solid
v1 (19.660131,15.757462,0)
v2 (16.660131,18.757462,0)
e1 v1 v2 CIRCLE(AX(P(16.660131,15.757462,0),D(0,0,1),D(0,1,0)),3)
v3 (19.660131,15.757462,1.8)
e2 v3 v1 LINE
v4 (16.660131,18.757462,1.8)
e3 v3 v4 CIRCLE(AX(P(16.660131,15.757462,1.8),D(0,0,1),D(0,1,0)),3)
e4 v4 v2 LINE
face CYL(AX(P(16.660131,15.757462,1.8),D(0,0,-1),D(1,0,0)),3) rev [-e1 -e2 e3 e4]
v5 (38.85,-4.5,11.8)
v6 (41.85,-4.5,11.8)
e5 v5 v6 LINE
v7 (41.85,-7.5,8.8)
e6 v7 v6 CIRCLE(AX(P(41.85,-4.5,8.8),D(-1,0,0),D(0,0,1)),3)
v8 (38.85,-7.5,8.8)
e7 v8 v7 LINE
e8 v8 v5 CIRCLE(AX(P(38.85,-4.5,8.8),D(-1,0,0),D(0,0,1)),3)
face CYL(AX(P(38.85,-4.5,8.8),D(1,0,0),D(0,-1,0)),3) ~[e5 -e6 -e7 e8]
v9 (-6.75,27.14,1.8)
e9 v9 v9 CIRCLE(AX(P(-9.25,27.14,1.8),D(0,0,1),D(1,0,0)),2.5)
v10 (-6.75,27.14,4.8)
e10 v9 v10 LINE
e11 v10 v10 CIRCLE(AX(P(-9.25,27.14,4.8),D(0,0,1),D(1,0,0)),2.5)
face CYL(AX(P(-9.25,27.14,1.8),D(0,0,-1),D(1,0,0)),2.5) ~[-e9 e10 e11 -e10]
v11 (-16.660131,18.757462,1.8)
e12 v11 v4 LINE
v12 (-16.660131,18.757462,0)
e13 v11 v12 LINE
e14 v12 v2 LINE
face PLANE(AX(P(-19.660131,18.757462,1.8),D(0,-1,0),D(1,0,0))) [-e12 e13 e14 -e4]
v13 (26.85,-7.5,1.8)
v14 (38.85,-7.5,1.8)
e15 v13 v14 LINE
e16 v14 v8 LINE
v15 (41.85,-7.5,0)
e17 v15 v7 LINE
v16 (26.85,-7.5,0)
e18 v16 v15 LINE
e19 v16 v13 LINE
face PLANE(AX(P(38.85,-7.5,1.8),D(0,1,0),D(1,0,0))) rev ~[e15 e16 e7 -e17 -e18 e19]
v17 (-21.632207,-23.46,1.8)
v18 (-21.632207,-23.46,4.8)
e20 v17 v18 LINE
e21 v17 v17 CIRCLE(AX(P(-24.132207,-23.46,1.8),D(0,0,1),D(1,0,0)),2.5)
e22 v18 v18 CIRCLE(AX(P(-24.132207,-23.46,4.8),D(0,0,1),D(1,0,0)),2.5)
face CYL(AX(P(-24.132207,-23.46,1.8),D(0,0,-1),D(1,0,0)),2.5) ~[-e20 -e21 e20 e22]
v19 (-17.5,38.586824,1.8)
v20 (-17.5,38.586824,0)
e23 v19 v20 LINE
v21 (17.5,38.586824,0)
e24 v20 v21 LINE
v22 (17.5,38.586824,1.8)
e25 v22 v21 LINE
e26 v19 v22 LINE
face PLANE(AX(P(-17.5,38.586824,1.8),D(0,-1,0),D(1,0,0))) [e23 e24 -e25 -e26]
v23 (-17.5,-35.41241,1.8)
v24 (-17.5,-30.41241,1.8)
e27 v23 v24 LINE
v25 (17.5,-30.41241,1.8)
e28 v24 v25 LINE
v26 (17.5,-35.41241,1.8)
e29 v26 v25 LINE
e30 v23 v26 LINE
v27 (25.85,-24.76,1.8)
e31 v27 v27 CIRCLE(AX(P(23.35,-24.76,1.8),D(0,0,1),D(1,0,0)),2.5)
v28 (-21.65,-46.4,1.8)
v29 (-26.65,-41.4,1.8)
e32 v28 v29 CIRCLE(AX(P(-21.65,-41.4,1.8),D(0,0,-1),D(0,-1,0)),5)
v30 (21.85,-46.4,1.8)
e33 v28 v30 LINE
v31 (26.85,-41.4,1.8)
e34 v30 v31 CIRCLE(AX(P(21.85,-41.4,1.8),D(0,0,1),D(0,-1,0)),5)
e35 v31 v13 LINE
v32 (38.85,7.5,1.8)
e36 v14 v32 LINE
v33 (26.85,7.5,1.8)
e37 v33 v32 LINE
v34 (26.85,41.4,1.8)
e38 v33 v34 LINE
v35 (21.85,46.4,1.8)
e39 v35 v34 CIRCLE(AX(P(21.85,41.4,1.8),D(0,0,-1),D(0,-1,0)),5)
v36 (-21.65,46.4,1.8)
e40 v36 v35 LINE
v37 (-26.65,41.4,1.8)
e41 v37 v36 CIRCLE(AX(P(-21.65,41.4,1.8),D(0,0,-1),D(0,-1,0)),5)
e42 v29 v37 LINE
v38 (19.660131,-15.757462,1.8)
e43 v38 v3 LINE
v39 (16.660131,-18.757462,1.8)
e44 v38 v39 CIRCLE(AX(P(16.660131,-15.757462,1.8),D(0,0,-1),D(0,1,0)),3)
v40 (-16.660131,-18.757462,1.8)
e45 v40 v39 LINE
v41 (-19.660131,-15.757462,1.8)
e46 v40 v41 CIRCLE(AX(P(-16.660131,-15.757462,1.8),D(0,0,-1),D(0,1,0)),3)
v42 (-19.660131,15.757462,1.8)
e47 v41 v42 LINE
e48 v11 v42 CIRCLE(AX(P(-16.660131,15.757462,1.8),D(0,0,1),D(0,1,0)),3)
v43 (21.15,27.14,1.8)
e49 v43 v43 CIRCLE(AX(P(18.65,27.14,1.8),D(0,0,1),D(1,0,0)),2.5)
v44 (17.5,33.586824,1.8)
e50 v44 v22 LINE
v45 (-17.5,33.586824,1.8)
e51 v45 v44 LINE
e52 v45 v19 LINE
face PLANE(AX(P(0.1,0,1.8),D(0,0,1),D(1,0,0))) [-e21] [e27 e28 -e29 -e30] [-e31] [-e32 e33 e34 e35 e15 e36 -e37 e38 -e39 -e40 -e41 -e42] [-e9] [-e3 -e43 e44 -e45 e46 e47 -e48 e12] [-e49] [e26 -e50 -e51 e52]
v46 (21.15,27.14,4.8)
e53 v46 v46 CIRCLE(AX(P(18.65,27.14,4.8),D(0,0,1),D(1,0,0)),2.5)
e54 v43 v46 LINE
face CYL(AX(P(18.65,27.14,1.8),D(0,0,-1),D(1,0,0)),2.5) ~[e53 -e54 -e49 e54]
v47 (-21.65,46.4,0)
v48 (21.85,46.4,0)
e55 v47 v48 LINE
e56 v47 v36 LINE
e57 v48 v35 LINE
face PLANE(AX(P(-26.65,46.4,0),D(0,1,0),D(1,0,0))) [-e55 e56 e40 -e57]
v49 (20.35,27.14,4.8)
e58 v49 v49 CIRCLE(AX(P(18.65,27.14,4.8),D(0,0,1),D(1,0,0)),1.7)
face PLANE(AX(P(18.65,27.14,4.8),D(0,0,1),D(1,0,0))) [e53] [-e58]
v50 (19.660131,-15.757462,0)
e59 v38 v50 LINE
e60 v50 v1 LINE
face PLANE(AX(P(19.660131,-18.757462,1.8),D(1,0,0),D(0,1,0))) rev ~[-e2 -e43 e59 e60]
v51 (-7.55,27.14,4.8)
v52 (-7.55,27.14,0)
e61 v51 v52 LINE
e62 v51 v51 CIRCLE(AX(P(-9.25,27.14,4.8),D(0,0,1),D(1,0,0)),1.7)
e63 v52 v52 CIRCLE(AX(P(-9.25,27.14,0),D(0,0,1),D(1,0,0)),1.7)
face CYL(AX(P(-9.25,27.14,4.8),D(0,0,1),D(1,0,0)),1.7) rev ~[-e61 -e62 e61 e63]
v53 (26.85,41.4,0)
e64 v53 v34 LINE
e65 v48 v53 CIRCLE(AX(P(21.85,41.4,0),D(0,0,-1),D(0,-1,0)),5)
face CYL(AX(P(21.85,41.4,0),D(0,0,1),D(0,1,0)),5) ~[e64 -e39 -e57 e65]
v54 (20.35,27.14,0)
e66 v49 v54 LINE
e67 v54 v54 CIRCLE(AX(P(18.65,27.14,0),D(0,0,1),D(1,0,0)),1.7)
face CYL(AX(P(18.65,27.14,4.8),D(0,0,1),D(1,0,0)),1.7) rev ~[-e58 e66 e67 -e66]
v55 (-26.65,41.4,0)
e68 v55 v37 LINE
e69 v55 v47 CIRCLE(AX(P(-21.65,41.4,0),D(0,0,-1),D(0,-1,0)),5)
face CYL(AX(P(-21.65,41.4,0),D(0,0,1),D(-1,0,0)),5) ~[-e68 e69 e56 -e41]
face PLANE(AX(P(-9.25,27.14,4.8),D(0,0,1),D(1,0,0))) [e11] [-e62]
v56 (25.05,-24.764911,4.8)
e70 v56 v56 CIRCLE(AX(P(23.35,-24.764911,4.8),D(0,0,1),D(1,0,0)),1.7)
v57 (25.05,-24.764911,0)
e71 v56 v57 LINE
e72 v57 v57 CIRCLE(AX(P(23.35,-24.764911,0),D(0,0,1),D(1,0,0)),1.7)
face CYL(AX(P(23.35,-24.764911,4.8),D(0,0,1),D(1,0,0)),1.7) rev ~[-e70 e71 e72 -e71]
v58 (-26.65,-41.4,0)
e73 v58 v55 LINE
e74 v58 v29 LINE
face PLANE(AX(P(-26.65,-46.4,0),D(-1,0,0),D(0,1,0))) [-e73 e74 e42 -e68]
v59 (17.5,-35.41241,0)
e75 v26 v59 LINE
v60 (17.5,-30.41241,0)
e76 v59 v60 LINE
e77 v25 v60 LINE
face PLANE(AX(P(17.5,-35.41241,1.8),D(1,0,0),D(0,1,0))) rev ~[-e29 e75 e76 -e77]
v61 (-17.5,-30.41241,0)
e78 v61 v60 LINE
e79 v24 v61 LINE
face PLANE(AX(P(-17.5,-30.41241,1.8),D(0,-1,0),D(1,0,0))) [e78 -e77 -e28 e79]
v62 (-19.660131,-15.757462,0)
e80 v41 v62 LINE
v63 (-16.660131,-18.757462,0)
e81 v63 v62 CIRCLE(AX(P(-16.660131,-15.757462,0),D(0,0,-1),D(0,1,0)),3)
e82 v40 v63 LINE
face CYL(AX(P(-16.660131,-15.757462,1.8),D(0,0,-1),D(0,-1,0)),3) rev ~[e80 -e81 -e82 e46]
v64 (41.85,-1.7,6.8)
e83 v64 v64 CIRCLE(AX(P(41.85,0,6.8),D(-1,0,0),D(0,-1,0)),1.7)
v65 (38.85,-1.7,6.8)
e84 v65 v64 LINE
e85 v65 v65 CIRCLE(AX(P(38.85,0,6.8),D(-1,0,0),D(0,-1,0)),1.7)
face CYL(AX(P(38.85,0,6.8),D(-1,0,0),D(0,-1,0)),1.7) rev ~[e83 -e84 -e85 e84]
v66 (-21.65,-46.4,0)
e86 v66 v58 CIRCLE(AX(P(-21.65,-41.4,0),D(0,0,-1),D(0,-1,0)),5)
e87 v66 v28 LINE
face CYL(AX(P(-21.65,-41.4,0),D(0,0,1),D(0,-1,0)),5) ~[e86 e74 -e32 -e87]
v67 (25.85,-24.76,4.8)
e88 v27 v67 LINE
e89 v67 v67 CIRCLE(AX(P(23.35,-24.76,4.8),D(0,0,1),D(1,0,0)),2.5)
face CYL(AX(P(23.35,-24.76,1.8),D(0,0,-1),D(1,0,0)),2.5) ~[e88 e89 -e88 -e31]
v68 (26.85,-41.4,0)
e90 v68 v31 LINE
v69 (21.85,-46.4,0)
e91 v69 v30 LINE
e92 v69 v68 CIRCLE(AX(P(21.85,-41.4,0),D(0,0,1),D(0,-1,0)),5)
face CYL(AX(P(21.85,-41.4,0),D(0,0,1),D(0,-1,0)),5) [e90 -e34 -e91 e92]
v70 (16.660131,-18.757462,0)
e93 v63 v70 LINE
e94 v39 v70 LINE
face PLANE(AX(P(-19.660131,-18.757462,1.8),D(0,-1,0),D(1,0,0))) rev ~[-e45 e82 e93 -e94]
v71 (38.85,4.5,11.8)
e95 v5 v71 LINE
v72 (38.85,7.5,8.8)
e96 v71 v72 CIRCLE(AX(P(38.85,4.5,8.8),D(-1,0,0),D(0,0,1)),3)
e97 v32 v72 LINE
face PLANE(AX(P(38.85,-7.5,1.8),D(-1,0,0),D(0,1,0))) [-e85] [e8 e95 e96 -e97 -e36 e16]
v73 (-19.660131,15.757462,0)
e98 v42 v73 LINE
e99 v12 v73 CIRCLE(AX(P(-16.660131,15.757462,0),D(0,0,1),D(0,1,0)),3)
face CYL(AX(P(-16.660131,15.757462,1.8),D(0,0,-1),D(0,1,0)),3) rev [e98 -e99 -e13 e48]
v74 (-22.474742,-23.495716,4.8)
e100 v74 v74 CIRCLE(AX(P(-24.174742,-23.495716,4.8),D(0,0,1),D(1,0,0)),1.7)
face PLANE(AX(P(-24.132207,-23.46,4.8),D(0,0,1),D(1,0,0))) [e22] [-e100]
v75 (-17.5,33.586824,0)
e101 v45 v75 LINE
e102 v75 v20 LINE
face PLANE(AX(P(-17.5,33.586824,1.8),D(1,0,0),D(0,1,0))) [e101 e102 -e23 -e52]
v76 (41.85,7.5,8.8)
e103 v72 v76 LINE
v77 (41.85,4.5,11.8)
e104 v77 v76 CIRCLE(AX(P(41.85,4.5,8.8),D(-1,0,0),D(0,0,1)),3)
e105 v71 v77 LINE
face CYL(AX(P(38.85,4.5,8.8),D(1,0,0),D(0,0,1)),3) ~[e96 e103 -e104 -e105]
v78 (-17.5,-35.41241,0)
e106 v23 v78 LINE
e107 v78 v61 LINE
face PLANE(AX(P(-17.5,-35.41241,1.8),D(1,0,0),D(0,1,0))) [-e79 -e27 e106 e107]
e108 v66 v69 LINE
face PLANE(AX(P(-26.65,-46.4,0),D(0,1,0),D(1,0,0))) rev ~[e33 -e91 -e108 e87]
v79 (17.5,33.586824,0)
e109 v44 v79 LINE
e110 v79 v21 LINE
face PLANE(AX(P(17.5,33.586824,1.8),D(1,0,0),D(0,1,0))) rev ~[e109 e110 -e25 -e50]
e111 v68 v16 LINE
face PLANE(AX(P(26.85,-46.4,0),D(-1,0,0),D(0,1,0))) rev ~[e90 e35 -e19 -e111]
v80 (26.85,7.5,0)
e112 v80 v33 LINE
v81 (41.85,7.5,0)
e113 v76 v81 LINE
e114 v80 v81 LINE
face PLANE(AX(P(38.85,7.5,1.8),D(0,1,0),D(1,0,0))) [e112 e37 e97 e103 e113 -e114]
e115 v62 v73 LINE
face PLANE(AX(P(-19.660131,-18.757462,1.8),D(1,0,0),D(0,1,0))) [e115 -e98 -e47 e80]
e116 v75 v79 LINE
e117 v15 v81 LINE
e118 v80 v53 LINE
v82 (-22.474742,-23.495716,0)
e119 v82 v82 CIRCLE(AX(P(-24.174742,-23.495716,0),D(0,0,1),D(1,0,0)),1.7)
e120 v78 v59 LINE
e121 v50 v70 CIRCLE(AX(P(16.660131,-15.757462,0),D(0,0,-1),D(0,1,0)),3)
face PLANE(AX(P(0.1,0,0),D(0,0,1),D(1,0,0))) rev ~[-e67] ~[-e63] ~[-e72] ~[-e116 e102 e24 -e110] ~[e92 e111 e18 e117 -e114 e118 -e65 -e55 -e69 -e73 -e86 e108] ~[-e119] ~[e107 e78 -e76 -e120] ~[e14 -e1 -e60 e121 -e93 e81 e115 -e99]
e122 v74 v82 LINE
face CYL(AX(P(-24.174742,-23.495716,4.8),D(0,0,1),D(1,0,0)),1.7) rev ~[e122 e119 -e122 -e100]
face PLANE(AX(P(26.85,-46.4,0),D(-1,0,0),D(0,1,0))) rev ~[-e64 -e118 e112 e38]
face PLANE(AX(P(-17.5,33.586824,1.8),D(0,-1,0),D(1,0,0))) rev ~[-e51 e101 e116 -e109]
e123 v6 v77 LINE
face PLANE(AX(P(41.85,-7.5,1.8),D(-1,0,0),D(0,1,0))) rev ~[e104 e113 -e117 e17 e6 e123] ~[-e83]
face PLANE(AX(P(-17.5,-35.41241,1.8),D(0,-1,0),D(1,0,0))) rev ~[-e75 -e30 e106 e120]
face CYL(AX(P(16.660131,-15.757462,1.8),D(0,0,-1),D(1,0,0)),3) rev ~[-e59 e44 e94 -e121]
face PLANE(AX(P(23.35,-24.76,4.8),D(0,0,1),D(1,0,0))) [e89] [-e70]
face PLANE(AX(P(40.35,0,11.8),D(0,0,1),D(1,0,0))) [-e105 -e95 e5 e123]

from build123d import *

# Parameters (mm, degrees)
SKETCH_W        = 53.5
SKETCH_H        = 92.8
PAD_DEPTH       = 1.8
SKETCH001_R     = 2.5
PAD001_DEPTH    = 3
SKETCH002_R     = 1.7
POCKET_DEPTH    = 5
SKETCH003_W     = 15
SKETCH003_H     = 1.8
PAD002_DEPTH    = 15
SKETCH004_W     = 39.320262
SKETCH004_H     = 37.514924
POCKET001_DEPTH = 5
FILLET_R        = 5
FILLET001_R     = 5
SKETCH005_W     = 35
SKETCH005_H     = 5
POCKET002_DEPTH = 5
SKETCH006_W     = 3
SKETCH006_H     = 15
PAD003_DEPTH    = 10
SKETCH007_R     = 1.7
POCKET003_DEPTH = 5
FILLET002_R     = 5
FILLET003_R     = 5
FILLET004_R     = 3
FILLET005_R     = 3
FILLET006_R     = 3
FILLET007_R     = 3
FILLET008_R     = 3
FILLET009_R     = 3


with BuildPart() as part:
    # Sketch → Pad (new body)
    with BuildSketch(Plane.XY):
        with Locations((0.1, 0)):
            Rectangle(SKETCH_W, SKETCH_H)
    extrude(amount=PAD_DEPTH)

    # Sketch001 (on Face6 of Pad) → Pad001 (join)
    with BuildSketch(Plane.XY.offset(1.8)):
        with Locations((-9.25, 27.14)):
            Circle(SKETCH001_R)
        with Locations((18.65, 27.14)):
            Circle(SKETCH001_R)
        with Locations((-24.132207, -23.46)):
            Circle(SKETCH001_R)
        with Locations((23.35, -24.76)):
            Circle(SKETCH001_R)
    extrude(amount=PAD001_DEPTH)

    # Sketch002 (on Face12 of Pad001) → Pocket (cut)
    with BuildSketch(Plane.XY.offset(4.8)):
        with Locations((-24.174742, -23.495716)):
            Circle(SKETCH002_R)
        with Locations((-9.25, 27.14)):
            Circle(SKETCH002_R)
        with Locations((18.65, 27.14)):
            Circle(SKETCH002_R)
        with Locations((23.35, -24.764911)):
            Circle(SKETCH002_R)
    extrude(amount=-POCKET_DEPTH, mode=Mode.SUBTRACT)

    # Sketch003 (on Face3 of Pocket) → Pad002 (join)
    with BuildSketch(Plane.YZ.offset(26.85)):
        with Locations((0, 0.9)):
            Rectangle(SKETCH003_W, SKETCH003_H)
    extrude(amount=PAD002_DEPTH)

    # Sketch004 (on Face5 of Pad002) → Pocket001 (cut)
    with BuildSketch(Plane.XY.offset(1.8)):
        Rectangle(SKETCH004_W, SKETCH004_H)
    extrude(amount=-POCKET001_DEPTH, mode=Mode.SUBTRACT)

    # Fillet
    fillet_edges = [part.edges().sort_by_distance(p)[0] for p in [
        (-26.65, 46.4, 0.9),
    ]]
    fillet(fillet_edges, radius=FILLET_R)

    # Fillet001
    fillet001_edges = [part.edges().sort_by_distance(p)[0] for p in [
        (26.85, -46.4, 0.9),
    ]]
    fillet(fillet001_edges, radius=FILLET001_R)

    # Sketch005 → Pocket002 (cut)
    with BuildSketch(Plane.XY.offset(1.8)):
        with Locations((0, -32.91241)):
            Rectangle(SKETCH005_W, SKETCH005_H)
        with Locations((0, 36.086824)):
            Rectangle(SKETCH005_W, SKETCH005_H)
    extrude(amount=-POCKET002_DEPTH, mode=Mode.SUBTRACT)

    # Sketch006 (on Face18 of Pocket001) → Pad003 (join)
    with BuildSketch(Plane.XY.offset(1.8)):
        with Locations((40.35, 0)):
            Rectangle(SKETCH006_W, SKETCH006_H)
    extrude(amount=PAD003_DEPTH)

    # Sketch007 (on Face42 of Pad003) → Pocket003 (cut)
    with BuildSketch(Plane(origin=(38.85, 0, 0), x_dir=(0, -1, 0), z_dir=(-1, 0, 0))):
        with Locations((0, 6.8)):
            Circle(SKETCH007_R)
    extrude(amount=-POCKET003_DEPTH, mode=Mode.SUBTRACT)

    # Fillet002
    fillet002_edges = [part.edges().sort_by_distance(p)[0] for p in [
        (-26.65, -46.4, 0.9),
    ]]
    fillet(fillet002_edges, radius=FILLET002_R)

    # Fillet003
    fillet003_edges = [part.edges().sort_by_distance(p)[0] for p in [
        (26.85, 46.4, 0.9),
    ]]
    fillet(fillet003_edges, radius=FILLET003_R)

    # Fillet004
    fillet004_edges = [part.edges().sort_by_distance(p)[0] for p in [
        (40.35, -7.5, 11.8),
    ]]
    fillet(fillet004_edges, radius=FILLET004_R)

    # Fillet005
    fillet005_edges = [part.edges().sort_by_distance(p)[0] for p in [
        (40.35, 7.5, 11.8),
    ]]
    fillet(fillet005_edges, radius=FILLET005_R)

    # Fillet006
    fillet006_edges = [part.edges().sort_by_distance(p)[0] for p in [
        (19.660131, 18.757462, 0.9),
    ]]
    fillet(fillet006_edges, radius=FILLET006_R)

    # Fillet007
    fillet007_edges = [part.edges().sort_by_distance(p)[0] for p in [
        (-19.660131, 18.757462, 0.9),
    ]]
    fillet(fillet007_edges, radius=FILLET007_R)

    # Fillet008
    fillet008_edges = [part.edges().sort_by_distance(p)[0] for p in [
        (19.660131, -18.757462, 0.9),
    ]]
    fillet(fillet008_edges, radius=FILLET008_R)

    # Fillet009
    fillet009_edges = [part.edges().sort_by_distance(p)[0] for p in [
        (-19.660131, -18.757462, 0.9),
    ]]
    fillet(fillet009_edges, radius=FILLET009_R)


solid = part.part
